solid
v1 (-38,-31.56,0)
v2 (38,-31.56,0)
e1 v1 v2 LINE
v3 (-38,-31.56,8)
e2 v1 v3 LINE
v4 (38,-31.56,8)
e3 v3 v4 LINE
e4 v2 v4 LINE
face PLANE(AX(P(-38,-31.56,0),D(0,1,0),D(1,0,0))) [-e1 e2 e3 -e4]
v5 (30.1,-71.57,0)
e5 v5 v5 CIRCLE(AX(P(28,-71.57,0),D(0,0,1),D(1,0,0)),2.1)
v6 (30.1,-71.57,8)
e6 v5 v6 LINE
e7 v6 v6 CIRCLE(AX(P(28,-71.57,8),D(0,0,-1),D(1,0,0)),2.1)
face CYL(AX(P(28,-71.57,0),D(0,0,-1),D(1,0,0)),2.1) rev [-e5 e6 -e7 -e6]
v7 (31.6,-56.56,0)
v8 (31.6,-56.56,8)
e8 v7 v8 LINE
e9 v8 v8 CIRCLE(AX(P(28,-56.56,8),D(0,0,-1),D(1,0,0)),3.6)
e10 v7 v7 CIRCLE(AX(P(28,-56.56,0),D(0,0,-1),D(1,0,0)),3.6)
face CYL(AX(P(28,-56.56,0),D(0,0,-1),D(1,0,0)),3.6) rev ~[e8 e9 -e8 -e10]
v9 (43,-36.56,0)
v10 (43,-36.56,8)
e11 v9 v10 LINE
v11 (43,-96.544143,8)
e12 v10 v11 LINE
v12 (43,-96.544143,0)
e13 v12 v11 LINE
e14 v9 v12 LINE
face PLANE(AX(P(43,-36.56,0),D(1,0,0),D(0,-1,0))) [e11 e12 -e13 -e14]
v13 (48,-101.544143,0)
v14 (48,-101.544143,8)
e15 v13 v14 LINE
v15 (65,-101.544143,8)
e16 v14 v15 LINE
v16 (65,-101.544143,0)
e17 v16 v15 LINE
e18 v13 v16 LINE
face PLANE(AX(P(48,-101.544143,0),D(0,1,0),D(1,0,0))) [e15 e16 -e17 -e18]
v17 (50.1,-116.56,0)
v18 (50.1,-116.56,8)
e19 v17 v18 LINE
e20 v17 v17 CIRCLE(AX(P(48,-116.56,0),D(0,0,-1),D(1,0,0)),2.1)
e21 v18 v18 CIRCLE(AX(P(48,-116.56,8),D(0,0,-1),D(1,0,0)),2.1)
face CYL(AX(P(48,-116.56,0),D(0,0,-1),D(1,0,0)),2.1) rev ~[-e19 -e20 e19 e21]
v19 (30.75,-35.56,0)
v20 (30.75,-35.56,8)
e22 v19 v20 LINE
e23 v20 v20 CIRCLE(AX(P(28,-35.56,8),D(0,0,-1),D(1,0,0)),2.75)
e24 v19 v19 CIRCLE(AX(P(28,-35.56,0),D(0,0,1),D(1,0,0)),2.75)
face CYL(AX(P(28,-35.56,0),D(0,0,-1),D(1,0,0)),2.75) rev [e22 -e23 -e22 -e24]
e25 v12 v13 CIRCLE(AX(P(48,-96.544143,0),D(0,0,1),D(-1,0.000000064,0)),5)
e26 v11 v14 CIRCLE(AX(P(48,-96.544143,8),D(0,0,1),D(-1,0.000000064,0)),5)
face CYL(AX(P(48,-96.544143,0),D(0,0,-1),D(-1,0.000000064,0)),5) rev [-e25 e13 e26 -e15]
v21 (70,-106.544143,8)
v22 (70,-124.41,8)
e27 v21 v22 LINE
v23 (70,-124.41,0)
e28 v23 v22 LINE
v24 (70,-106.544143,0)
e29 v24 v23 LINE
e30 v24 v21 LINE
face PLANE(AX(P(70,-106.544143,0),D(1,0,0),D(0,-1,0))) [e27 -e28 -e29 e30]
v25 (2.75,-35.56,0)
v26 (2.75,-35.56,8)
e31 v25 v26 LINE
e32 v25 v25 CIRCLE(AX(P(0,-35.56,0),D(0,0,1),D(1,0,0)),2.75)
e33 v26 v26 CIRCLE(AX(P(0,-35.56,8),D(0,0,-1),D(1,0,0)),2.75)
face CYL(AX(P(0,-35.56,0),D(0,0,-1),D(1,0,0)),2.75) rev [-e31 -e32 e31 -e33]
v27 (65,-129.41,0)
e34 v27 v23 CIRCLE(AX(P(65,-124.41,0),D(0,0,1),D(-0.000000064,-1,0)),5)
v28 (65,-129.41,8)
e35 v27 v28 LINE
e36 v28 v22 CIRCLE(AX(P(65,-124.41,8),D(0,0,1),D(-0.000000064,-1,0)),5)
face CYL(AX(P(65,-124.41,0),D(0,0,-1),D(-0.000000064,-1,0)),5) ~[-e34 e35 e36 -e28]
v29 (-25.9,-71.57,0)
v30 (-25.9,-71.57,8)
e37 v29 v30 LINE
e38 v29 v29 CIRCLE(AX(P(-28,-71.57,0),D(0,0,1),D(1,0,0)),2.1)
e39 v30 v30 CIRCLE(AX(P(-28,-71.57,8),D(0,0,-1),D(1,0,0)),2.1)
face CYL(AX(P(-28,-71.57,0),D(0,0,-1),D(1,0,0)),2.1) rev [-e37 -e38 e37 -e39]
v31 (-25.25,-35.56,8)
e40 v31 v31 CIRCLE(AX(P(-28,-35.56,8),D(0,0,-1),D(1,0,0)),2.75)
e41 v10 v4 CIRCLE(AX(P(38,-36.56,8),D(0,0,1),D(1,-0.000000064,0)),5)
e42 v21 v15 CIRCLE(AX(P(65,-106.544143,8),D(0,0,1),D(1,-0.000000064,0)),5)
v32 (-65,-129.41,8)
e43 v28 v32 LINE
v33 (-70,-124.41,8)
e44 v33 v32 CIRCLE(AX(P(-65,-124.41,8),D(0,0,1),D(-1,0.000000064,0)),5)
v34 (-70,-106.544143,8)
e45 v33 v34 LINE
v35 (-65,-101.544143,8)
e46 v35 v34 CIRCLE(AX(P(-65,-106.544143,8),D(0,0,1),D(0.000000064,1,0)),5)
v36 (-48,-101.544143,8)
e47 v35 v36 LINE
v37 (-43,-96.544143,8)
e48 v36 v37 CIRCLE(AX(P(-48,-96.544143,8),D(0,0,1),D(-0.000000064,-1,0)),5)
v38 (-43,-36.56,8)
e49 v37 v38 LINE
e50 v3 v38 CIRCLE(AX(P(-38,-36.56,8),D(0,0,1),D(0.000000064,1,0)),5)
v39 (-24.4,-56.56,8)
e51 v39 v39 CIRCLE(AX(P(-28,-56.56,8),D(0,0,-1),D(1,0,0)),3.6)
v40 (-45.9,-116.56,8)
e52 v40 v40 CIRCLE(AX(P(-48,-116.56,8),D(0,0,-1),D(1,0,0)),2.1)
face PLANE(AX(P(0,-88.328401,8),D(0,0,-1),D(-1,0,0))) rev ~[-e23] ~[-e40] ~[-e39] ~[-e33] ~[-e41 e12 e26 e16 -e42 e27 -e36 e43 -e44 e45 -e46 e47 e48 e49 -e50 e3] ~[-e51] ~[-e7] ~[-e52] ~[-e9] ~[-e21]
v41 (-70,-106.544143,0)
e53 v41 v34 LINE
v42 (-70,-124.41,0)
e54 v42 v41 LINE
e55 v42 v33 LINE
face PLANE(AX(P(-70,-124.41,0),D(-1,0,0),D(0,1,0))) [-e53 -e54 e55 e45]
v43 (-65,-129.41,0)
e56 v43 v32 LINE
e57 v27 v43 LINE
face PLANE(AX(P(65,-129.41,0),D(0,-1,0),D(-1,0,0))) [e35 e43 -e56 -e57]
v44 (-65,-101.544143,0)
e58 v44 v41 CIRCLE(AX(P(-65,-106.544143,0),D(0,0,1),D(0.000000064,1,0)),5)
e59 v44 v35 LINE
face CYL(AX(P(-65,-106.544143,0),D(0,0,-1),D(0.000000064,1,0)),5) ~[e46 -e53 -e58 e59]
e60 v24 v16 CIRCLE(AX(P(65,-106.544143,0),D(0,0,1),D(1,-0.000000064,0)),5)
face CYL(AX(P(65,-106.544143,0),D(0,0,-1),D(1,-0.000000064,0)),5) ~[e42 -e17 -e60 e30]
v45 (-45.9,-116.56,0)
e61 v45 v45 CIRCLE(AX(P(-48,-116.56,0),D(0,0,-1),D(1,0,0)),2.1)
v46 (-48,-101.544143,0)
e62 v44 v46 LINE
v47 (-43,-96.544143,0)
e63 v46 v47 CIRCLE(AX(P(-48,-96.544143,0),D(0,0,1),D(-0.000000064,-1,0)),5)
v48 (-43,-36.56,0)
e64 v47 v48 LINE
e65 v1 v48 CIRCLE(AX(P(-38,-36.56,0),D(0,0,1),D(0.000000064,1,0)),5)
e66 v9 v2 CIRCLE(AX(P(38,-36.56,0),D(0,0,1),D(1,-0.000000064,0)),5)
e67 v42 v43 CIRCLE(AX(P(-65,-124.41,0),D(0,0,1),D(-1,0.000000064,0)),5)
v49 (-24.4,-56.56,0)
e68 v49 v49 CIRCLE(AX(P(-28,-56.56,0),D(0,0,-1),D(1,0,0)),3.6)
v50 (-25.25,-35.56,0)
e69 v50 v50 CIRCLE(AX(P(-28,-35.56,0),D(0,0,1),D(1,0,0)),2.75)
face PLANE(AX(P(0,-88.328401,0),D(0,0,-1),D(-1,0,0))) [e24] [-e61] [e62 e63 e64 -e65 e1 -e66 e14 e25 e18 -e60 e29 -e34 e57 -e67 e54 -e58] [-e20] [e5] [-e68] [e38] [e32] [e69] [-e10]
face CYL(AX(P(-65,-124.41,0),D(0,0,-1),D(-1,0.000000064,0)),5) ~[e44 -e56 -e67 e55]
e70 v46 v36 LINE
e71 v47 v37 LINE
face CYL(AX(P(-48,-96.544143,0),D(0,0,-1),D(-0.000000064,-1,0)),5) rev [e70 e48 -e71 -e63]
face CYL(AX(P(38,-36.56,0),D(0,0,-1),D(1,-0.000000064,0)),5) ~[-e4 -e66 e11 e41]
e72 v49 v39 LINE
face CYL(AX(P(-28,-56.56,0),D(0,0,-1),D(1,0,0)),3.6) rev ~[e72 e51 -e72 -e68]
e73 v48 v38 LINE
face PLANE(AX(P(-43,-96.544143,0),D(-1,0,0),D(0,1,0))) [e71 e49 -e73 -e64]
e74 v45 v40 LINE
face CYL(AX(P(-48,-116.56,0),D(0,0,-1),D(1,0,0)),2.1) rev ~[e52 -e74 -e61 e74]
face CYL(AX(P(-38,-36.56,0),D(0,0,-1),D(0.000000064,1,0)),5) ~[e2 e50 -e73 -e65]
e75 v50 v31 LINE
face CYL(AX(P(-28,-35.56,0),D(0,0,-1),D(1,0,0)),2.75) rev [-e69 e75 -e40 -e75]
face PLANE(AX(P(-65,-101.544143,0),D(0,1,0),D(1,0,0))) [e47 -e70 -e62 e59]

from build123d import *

# Parameters (mm, degrees)
PAD_DEPTH     = 8
SKETCH033_R   = 2.1
HOLE007_DEPTH = 25
SKETCH035_R   = 3.6
HOLE009_DEPTH = 25
SKETCH036_R   = 2.1
HOLE010_DEPTH = 25
SKETCH051_R   = 2.75
HOLE018_DEPTH = 25


with BuildPart() as part:
    # Sketch → Pad (new body)
    with BuildSketch(Plane.XY):
        with BuildLine():
            Line((-38, -31.56), (38, -31.56))
            ThreePointArc((43, -36.56), (41.535534, -33.024466), (38, -31.56))
            Line((43, -36.56), (43, -96.544143))
            ThreePointArc((43, -96.544143), (44.464466, -100.079677), (48, -101.544143))
            Line((48, -101.544143), (65, -101.544143))
            ThreePointArc((70, -106.544143), (68.535534, -103.008609), (65, -101.544143))
            Line((70, -106.544143), (70, -124.41))
            ThreePointArc((65, -129.41), (68.535534, -127.945534), (70, -124.41))
            Line((65, -129.41), (-65, -129.41))
            ThreePointArc((-70, -124.41), (-68.535534, -127.945534), (-65, -129.41))
            Line((-70, -124.41), (-70, -106.544143))
            ThreePointArc((-65, -101.544143), (-68.535534, -103.008609), (-70, -106.544143))
            Line((-65, -101.544143), (-48, -101.544143))
            ThreePointArc((-48, -101.544143), (-44.464466, -100.079677), (-43, -96.544143))
            Line((-43, -96.544143), (-43, -36.56))
            ThreePointArc((-38, -31.56), (-41.535534, -33.024466), (-43, -36.56))
        make_face()
    extrude(amount=PAD_DEPTH)

    # Sketch033 (on Face17 of Pad) → Hole007 (cut)
    with BuildSketch(Plane(origin=(0, 0, 0), x_dir=(1, 0, 0), z_dir=(0, 0, -1))):
        with Locations((-48, 116.56)):
            Circle(SKETCH033_R)
        with Locations((48, 116.56)):
            Circle(SKETCH033_R)
    extrude(amount=-HOLE007_DEPTH, mode=Mode.SUBTRACT)

    # Sketch035 (on Face17 of Pad) → Hole009 (cut)
    with BuildSketch(Plane(origin=(0, 0, 0), x_dir=(1, 0, 0), z_dir=(0, 0, -1))):
        with Locations((-28, 56.56)):
            Circle(SKETCH035_R)
        with Locations((28, 56.56)):
            Circle(SKETCH035_R)
    extrude(amount=-HOLE009_DEPTH, mode=Mode.SUBTRACT)

    # Sketch036 (on Hole) → Hole010 (cut)
    with BuildSketch(Plane.XY):
        with Locations((-28, -71.57)):
            Circle(SKETCH036_R)
        with Locations((28, -71.57)):
            Circle(SKETCH036_R)
    extrude(amount=HOLE010_DEPTH, mode=Mode.SUBTRACT)

    # Sketch051 (on Hole) → Hole018 (cut)
    with BuildSketch(Plane.XY):
        with Locations((-28, -35.56)):
            Circle(SKETCH051_R)
        with Locations((0, -35.56)):
            Circle(SKETCH051_R)
        with Locations((28, -35.56)):
            Circle(SKETCH051_R)
    extrude(amount=HOLE018_DEPTH, mode=Mode.SUBTRACT)


solid = part.part
